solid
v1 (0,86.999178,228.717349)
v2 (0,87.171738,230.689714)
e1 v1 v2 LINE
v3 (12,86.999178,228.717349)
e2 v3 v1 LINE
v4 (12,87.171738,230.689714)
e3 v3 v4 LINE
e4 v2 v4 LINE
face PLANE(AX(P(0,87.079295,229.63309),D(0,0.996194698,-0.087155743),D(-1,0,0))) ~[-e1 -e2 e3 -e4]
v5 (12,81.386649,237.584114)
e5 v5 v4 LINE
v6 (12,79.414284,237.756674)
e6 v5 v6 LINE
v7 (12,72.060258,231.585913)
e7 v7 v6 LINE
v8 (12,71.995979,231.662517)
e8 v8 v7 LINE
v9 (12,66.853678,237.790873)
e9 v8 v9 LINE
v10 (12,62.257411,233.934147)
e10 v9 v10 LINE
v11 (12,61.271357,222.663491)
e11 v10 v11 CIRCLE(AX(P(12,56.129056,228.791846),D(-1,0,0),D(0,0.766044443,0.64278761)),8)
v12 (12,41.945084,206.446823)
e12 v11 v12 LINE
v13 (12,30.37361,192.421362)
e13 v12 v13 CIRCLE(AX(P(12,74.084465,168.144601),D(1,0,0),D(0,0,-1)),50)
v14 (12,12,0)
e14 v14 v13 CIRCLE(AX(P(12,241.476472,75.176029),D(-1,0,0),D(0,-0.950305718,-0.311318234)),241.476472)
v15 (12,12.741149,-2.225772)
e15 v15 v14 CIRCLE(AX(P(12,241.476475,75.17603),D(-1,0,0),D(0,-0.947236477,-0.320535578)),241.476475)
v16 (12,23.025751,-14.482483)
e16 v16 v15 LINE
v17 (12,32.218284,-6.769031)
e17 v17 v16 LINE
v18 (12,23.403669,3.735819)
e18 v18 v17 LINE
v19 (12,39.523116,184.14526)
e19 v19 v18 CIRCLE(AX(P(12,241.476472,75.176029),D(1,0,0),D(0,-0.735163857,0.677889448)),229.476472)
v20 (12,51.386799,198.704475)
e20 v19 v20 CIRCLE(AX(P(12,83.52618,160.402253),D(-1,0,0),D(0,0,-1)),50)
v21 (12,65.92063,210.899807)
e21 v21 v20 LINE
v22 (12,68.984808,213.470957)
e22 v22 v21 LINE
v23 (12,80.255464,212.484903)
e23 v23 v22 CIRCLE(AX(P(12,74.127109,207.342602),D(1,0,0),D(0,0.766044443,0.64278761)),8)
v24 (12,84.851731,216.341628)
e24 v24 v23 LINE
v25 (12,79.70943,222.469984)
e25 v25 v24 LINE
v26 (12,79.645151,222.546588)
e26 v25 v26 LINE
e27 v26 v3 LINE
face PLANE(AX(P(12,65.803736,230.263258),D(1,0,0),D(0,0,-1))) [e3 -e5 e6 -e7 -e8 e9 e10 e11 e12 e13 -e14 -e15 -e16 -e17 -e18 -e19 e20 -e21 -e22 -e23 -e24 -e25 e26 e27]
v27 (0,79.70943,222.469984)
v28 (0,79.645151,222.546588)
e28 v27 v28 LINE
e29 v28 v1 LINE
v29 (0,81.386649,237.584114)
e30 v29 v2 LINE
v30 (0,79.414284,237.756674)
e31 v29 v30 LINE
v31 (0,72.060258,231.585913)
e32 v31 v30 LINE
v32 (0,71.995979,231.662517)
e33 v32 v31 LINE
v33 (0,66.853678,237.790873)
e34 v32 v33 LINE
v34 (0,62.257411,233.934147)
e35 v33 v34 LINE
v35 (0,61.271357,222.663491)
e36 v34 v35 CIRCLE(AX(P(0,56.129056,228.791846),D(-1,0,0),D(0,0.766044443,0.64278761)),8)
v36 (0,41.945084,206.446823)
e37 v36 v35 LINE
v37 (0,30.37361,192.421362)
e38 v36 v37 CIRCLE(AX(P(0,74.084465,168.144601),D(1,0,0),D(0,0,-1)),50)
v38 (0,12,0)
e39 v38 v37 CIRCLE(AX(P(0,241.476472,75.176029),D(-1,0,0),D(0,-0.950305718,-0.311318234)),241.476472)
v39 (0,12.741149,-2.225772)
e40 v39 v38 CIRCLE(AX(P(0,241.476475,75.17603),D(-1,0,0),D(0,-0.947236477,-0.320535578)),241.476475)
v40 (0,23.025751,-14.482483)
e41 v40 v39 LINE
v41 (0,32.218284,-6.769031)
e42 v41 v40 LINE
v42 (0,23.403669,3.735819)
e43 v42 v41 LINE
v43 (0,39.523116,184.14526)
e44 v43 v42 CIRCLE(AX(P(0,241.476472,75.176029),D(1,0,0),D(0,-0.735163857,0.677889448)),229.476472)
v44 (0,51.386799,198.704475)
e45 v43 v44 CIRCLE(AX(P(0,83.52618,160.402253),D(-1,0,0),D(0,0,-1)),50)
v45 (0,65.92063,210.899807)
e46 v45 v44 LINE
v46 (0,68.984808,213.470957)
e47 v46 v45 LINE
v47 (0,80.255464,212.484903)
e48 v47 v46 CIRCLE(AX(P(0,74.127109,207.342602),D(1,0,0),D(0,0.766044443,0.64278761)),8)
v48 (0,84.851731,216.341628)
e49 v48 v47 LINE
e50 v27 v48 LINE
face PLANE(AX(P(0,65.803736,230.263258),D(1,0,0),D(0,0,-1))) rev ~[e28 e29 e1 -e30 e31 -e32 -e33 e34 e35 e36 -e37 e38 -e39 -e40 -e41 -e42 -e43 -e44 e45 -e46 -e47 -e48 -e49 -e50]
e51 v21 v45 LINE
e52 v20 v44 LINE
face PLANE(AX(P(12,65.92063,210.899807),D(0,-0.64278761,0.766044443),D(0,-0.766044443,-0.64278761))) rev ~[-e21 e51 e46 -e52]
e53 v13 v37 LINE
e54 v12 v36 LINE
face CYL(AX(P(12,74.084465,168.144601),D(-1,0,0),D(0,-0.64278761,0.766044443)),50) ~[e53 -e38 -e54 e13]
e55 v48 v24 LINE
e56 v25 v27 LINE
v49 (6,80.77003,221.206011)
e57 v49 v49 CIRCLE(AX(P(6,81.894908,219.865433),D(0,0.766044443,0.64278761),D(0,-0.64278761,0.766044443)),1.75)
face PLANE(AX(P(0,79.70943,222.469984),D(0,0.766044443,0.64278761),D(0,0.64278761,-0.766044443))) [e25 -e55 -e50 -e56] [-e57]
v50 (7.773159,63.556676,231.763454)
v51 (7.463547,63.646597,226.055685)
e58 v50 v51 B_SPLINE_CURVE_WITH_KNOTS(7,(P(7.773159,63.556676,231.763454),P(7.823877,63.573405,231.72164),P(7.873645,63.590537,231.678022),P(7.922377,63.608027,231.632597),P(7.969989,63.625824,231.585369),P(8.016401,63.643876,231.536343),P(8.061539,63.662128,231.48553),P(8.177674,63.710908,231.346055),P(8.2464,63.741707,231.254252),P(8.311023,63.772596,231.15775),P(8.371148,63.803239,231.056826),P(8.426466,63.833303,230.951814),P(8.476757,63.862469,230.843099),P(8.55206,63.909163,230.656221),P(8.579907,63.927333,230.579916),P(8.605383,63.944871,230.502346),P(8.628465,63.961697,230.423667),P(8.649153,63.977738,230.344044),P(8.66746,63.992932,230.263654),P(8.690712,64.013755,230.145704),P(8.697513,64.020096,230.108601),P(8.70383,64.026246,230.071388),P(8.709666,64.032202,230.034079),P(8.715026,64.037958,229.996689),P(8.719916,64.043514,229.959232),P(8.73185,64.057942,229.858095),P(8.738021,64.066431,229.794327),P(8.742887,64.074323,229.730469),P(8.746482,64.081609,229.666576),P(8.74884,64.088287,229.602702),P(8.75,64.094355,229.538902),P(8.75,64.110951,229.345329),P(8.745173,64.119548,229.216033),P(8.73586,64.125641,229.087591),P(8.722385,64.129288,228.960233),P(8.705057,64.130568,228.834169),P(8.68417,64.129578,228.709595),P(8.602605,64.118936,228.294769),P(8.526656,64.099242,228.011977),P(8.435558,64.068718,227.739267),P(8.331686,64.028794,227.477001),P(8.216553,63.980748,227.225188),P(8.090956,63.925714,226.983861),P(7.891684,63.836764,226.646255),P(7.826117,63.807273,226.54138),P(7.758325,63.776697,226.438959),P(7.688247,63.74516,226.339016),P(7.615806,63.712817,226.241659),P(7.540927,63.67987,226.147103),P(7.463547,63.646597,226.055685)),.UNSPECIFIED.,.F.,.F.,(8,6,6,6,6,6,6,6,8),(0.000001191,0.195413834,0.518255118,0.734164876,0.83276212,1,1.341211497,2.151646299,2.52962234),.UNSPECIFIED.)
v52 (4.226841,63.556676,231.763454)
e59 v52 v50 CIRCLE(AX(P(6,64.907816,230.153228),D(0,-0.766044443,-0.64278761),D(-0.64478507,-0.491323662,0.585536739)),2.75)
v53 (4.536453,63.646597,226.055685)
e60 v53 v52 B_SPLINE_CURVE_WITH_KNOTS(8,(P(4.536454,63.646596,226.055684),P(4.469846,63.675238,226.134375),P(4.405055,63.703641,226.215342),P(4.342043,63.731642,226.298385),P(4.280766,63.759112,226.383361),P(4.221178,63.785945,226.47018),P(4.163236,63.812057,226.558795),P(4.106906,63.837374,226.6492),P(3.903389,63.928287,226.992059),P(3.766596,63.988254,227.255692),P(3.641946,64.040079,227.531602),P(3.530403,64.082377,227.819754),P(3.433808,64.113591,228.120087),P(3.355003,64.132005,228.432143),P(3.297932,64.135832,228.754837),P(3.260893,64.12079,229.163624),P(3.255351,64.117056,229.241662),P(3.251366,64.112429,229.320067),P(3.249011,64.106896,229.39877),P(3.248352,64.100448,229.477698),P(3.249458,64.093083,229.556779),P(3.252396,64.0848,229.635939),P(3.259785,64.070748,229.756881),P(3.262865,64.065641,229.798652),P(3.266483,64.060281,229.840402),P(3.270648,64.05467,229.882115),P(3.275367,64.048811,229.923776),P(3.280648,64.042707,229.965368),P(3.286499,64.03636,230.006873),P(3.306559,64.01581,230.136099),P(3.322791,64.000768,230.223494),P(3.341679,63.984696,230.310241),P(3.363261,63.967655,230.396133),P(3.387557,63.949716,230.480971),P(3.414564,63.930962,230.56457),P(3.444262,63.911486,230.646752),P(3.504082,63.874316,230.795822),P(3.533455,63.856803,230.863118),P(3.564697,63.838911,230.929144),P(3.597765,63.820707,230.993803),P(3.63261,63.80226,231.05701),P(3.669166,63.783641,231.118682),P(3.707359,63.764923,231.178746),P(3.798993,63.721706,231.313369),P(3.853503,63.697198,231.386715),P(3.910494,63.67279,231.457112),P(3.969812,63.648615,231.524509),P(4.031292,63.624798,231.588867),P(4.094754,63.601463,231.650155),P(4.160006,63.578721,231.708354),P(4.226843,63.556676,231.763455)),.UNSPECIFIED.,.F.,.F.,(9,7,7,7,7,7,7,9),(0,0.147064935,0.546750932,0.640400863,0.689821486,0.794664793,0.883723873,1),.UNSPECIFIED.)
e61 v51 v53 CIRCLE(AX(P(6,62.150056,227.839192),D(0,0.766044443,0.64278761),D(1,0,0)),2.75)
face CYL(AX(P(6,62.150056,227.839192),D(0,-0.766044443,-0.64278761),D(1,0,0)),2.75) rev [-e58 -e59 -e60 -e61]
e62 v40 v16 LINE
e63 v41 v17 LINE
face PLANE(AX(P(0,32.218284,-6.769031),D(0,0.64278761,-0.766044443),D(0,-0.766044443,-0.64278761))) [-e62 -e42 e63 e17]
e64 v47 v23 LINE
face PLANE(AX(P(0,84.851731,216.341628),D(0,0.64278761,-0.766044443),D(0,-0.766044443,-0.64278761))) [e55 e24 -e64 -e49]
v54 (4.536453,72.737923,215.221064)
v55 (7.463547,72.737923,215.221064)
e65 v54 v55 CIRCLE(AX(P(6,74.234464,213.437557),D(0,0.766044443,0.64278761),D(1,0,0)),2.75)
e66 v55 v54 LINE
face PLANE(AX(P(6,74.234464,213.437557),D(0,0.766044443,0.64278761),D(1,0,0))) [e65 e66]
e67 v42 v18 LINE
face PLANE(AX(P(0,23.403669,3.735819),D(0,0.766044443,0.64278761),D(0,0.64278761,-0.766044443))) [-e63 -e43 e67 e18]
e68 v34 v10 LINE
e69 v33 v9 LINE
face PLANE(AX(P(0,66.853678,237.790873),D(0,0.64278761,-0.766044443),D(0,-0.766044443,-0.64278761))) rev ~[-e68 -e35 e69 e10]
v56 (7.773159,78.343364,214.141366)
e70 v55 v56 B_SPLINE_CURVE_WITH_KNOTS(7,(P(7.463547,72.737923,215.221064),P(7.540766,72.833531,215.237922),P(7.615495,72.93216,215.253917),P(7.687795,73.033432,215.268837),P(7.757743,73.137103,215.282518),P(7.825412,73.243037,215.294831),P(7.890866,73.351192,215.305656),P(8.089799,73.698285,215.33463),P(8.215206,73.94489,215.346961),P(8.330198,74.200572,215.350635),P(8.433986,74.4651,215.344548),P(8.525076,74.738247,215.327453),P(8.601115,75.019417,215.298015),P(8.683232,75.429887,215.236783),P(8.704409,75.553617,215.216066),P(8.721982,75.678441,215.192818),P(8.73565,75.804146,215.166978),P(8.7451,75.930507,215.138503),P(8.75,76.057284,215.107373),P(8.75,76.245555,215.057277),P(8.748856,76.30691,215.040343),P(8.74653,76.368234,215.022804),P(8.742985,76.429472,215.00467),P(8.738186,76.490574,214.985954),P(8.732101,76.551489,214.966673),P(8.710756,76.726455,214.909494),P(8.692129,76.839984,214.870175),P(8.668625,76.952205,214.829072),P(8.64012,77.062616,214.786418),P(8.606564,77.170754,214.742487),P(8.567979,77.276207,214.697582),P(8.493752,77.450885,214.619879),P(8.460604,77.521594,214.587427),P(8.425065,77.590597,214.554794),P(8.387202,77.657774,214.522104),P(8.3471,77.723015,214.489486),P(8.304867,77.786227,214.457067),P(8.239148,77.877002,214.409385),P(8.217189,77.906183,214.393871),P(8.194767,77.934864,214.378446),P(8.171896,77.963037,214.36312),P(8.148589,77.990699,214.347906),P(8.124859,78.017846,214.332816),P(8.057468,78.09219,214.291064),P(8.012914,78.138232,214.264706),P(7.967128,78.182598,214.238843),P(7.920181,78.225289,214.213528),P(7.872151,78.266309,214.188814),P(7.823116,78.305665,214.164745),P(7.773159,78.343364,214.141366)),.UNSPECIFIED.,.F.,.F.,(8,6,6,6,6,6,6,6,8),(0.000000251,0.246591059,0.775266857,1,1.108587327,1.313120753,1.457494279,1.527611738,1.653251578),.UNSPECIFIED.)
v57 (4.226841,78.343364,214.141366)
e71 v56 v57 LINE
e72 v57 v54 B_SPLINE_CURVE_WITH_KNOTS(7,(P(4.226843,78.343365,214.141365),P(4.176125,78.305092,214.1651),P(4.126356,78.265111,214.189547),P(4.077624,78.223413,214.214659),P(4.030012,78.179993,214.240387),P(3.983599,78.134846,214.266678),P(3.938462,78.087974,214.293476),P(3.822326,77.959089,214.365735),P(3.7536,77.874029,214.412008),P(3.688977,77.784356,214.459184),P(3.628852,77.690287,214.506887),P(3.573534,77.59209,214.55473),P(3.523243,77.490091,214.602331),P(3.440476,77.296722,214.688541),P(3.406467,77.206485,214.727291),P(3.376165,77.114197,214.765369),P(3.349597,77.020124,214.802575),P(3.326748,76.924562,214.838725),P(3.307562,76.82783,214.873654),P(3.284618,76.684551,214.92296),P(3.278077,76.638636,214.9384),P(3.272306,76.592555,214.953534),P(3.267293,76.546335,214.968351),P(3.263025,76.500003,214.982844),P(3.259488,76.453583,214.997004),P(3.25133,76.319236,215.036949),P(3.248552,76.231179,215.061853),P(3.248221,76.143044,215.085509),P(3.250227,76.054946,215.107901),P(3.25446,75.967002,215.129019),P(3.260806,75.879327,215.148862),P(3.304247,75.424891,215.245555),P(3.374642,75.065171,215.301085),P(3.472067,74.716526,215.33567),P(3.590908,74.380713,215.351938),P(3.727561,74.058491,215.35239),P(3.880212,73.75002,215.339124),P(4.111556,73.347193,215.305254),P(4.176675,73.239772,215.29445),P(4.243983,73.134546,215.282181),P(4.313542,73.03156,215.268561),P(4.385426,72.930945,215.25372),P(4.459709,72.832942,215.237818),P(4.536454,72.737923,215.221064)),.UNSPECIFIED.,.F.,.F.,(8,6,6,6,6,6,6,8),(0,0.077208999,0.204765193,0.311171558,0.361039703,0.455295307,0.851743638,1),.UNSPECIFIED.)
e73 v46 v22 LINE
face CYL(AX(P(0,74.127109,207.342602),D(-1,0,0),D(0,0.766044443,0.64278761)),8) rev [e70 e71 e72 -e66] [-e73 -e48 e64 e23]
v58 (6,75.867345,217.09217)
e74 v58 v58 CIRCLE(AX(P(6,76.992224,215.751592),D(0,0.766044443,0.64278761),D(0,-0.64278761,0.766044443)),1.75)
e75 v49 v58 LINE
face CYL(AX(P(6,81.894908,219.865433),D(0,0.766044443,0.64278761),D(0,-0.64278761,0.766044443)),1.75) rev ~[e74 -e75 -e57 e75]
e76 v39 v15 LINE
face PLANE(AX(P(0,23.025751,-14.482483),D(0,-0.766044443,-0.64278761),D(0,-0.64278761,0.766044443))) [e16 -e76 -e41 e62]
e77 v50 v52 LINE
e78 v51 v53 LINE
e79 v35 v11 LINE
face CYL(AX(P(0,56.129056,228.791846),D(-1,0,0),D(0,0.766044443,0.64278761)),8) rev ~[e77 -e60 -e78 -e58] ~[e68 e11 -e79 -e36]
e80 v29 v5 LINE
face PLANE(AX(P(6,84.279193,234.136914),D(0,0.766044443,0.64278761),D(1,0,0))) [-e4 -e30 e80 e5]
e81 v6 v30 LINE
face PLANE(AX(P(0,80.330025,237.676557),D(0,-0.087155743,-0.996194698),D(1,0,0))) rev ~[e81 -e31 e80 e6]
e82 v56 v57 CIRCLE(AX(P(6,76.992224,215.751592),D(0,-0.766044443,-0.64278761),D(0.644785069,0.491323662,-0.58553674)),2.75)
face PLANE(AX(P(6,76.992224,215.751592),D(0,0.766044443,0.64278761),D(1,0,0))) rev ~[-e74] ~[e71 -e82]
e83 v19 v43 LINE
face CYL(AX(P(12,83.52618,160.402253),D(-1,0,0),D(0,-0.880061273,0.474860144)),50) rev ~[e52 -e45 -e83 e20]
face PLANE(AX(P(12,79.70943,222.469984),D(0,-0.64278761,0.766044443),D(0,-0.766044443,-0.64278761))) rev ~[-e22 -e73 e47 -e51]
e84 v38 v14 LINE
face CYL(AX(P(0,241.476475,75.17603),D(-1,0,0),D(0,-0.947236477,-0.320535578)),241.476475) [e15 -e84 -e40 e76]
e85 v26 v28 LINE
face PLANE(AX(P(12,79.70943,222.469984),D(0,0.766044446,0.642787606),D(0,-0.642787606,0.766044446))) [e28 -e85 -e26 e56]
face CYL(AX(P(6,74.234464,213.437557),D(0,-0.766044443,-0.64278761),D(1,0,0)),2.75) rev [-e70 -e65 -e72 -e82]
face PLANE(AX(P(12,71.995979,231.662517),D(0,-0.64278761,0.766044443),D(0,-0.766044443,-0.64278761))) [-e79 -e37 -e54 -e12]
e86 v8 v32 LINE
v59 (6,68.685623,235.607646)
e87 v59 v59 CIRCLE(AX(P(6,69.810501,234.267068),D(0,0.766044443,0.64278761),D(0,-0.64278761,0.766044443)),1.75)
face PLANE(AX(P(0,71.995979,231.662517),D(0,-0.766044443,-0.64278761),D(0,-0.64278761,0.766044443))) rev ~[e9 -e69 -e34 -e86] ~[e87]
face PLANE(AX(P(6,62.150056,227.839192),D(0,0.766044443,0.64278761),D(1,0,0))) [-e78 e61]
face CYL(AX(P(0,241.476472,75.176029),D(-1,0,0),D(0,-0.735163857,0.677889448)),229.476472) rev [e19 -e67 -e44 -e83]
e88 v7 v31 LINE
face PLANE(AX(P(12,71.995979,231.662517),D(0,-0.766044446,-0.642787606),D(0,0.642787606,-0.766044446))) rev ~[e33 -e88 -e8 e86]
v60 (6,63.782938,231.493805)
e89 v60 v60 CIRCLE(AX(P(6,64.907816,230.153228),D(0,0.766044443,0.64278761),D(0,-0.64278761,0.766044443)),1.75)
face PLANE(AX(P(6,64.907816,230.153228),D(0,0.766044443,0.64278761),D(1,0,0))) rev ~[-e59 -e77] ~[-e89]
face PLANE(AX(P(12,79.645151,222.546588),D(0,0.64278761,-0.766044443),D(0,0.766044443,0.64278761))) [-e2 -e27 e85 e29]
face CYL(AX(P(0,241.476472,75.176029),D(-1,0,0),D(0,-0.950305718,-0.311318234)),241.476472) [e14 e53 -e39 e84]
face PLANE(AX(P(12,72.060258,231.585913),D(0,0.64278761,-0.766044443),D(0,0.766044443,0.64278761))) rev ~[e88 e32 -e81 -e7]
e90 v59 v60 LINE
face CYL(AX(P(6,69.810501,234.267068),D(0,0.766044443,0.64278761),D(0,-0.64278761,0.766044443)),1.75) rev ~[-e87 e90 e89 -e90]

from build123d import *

# Parameters (mm, degrees)
AUFSATZ_LINEAR_AUSTRAGEN1_DEPTH = 12
AUFSATZ_LINEAR_AUSTRAGEN3_DEPTH = 12
AUFSATZ_LINEAR_AUSTRAGEN4_DEPTH = 12
SCHNITT_LINEAR_AUSTRAGEN1_DEPTH = 254.175024926
VERRUNDUNG1_R                   = 50
SKIZZE9_W                       = 12
SKIZZE9_H                       = 12
AUFSATZ_LINEAR_AUSTRAGEN6_DEPTH = 11
AUFSATZ_LINEAR_AUSTRAGEN7_DEPTH = 12
SKIZZE11_R                      = 1.75
SCHNITT_LINEAR_AUSTRAGEN3_DEPTH = 10
SKIZZE12_R                      = 2.75
SCHNITT_LINEAR_AUSTRAGEN4_DEPTH = 3.6
FASE1_SIZE                      = 1.5
SCHNITT_LINEAR_AUSTRAGEN8_DEPTH = 254.549622303


with BuildPart() as part:
    # Skizze1 → Aufsatz-Linear austragen1 (new body)
    with BuildSketch(Plane(origin=(0, 0, 0), x_dir=(0, 0, -1), z_dir=(1, 0, 0))):
        with BuildLine():
            Line((-240, 65), (-230.735708163, 72.773663864))
            ThreePointArc((-230.735708163, 72.773663864), (-123.944567763, 17.242039243), (-3.735818811, 23.403668612))
            Line((-3.735818811, 23.403668612), (0, 12))
            ThreePointArc((0, 12), (-127.247502729, 5.681119716), (-240, 65))
        make_face()
    extrude(amount=AUFSATZ_LINEAR_AUSTRAGEN1_DEPTH)

    # Skizze4 → Aufsatz-Linear austragen3 (add)
    with BuildSketch(Plane(origin=(0, 0, 0), x_dir=(0, 0, -1), z_dir=(1, 0, 0))):
        with BuildLine():
            Line((-3.735818811, 23.403668612), (6.769031275, 32.218284445))
            Line((6.769031275, 32.218284445), (14.482482591, 23.025751128))
            Line((14.482482591, 23.025751128), (2.225771501, 12.741149373))
            ThreePointArc((2.225771501, 12.741149373), (1.113785782, 12.367871772), (0, 12))
            Line((0, 12), (-3.735818811, 23.403668612))
        make_face()
    extrude(amount=AUFSATZ_LINEAR_AUSTRAGEN3_DEPTH)

    # Skizze5 → Aufsatz-Linear austragen4 (add)
    with BuildSketch(Plane(origin=(12, 0, 0), x_dir=(0, 0, -1), z_dir=(1, 0, 0))):
        Polygon((-231.662517154, 71.995978781), (-222.469983836, 79.709430098), (-210.899806862, 65.920630121), (-192.948331238, 44.526894555), (-220.092340179, 58.207178805), align=None)
    extrude(amount=-AUFSATZ_LINEAR_AUSTRAGEN4_DEPTH)

    # Skizze6 → Schnitt-Linear austragen1 (cut, through all)
    with BuildSketch(Plane(origin=(12, 0, 0), x_dir=(0, 0, -1), z_dir=(1, 0, 0))):
        Polygon((-231.662517154, 71.995978781), (-199.510648028, 33.678873242), (-204.367668784, 29.603348917), (-240, 65), align=None)
    extrude(amount=-SCHNITT_LINEAR_AUSTRAGEN1_DEPTH, mode=Mode.SUBTRACT)

    # Verrundung1
    verrundung1_edges = [part.edges().sort_by_distance(p)[0] for p in [
        (6, 44.526894555, 192.948331238),
        (6, 35.285406895, 200.858689823),
    ]]
    fillet(verrundung1_edges, radius=VERRUNDUNG1_R)

    # Skizze9 → Aufsatz-Linear austragen6 (add)
    with BuildSketch(Plane(origin=(0, 156.320496136, 131.168470653), x_dir=(1, 0, 0), z_dir=(0, 0.7660444431189836, 0.6427876096865328))):
        with Locations((6, -125.185660837)):
            Rectangle(SKIZZE9_W, SKIZZE9_H)
    extrude(amount=AUFSATZ_LINEAR_AUSTRAGEN6_DEPTH)

    # Skizze10 → Aufsatz-Linear austragen7 (add)
    with BuildSketch(Plane.ZY):
        with BuildLine():
            Line((231.662517154, 71.995978781), (237.790872699, 66.853677904))
            Line((237.790872699, 66.853677904), (233.93414704, 62.257411245))
            ThreePointArc((233.93414704, 62.257411245), (228.094600221, 64.098613285), (222.663490618, 61.271356578))
            Line((222.663490618, 61.271356578), (231.662517154, 71.995978781))
        make_face()
        with BuildLine():
            Line((213.470957301, 68.984807894), (222.469983836, 79.709430098))
            Line((222.469983836, 79.709430098), (216.341628291, 84.851730975))
            Line((216.341628291, 84.851730975), (212.484902633, 80.255464316))
            ThreePointArc((212.484902633, 80.255464316), (215.31215934, 74.824354713), (213.470957301, 68.984807894))
        make_face()
    extrude(amount=-AUFSATZ_LINEAR_AUSTRAGEN7_DEPTH)

    # Skizze11 → Schnitt-Linear austragen3 (cut)
    with BuildSketch(Plane(origin=(0, 156.320496136, 131.168470653), x_dir=(1, 0, 0), z_dir=(0, 0.7660444431189826, 0.642787609686534))):
        with Locations(Location((6, -115.785660837, 0), (0, 0, 270))):
            Circle(SKIZZE11_R)
        with Locations(Location((6, -134.585660837, 0), (0, 0, 270))):
            Circle(SKIZZE11_R)
    extrude(amount=-SCHNITT_LINEAR_AUSTRAGEN3_DEPTH, mode=Mode.SUBTRACT)

    # Skizze12 → Schnitt-Linear austragen4 (cut)
    with BuildSketch(Plane(origin=(0, 148.660051704, 124.740594556), x_dir=(1, 0, 0), z_dir=(0, 0.7660444431189826, 0.642787609686534))):
        with Locations((6, -134.585660837)):
            Circle(SKIZZE12_R)
        with Locations((6, -115.785660837)):
            Circle(SKIZZE12_R)
    extrude(amount=SCHNITT_LINEAR_AUSTRAGEN4_DEPTH, mode=Mode.SUBTRACT)

    # Fase1
    fase1_edges = [part.edges().sort_by_distance(p)[0] for p in [
        (6, 88.135918972, 229.540647543),
        (6, 80.422467656, 238.73318086),
    ]]
    chamfer(fase1_edges, length=FASE1_SIZE)

    # Skizze16 → Schnitt-Linear austragen8 (cut, through all)
    with BuildSketch(Plane(origin=(12, 0, 0), x_dir=(0, 0, -1), z_dir=(1, 0, 0))):
        Polygon((-222.469983836, 79.709430098), (-222.546588281, 79.645151337), (-228.717349334, 86.999177991), (-228.640744889, 87.063456752), align=None)
        Polygon((-237.833278207, 79.350005435), (-231.662517154, 71.995978781), (-231.585912709, 72.060257542), (-237.756673762, 79.414284196), align=None)
    extrude(amount=-SCHNITT_LINEAR_AUSTRAGEN8_DEPTH, mode=Mode.SUBTRACT)


solid = part.part
